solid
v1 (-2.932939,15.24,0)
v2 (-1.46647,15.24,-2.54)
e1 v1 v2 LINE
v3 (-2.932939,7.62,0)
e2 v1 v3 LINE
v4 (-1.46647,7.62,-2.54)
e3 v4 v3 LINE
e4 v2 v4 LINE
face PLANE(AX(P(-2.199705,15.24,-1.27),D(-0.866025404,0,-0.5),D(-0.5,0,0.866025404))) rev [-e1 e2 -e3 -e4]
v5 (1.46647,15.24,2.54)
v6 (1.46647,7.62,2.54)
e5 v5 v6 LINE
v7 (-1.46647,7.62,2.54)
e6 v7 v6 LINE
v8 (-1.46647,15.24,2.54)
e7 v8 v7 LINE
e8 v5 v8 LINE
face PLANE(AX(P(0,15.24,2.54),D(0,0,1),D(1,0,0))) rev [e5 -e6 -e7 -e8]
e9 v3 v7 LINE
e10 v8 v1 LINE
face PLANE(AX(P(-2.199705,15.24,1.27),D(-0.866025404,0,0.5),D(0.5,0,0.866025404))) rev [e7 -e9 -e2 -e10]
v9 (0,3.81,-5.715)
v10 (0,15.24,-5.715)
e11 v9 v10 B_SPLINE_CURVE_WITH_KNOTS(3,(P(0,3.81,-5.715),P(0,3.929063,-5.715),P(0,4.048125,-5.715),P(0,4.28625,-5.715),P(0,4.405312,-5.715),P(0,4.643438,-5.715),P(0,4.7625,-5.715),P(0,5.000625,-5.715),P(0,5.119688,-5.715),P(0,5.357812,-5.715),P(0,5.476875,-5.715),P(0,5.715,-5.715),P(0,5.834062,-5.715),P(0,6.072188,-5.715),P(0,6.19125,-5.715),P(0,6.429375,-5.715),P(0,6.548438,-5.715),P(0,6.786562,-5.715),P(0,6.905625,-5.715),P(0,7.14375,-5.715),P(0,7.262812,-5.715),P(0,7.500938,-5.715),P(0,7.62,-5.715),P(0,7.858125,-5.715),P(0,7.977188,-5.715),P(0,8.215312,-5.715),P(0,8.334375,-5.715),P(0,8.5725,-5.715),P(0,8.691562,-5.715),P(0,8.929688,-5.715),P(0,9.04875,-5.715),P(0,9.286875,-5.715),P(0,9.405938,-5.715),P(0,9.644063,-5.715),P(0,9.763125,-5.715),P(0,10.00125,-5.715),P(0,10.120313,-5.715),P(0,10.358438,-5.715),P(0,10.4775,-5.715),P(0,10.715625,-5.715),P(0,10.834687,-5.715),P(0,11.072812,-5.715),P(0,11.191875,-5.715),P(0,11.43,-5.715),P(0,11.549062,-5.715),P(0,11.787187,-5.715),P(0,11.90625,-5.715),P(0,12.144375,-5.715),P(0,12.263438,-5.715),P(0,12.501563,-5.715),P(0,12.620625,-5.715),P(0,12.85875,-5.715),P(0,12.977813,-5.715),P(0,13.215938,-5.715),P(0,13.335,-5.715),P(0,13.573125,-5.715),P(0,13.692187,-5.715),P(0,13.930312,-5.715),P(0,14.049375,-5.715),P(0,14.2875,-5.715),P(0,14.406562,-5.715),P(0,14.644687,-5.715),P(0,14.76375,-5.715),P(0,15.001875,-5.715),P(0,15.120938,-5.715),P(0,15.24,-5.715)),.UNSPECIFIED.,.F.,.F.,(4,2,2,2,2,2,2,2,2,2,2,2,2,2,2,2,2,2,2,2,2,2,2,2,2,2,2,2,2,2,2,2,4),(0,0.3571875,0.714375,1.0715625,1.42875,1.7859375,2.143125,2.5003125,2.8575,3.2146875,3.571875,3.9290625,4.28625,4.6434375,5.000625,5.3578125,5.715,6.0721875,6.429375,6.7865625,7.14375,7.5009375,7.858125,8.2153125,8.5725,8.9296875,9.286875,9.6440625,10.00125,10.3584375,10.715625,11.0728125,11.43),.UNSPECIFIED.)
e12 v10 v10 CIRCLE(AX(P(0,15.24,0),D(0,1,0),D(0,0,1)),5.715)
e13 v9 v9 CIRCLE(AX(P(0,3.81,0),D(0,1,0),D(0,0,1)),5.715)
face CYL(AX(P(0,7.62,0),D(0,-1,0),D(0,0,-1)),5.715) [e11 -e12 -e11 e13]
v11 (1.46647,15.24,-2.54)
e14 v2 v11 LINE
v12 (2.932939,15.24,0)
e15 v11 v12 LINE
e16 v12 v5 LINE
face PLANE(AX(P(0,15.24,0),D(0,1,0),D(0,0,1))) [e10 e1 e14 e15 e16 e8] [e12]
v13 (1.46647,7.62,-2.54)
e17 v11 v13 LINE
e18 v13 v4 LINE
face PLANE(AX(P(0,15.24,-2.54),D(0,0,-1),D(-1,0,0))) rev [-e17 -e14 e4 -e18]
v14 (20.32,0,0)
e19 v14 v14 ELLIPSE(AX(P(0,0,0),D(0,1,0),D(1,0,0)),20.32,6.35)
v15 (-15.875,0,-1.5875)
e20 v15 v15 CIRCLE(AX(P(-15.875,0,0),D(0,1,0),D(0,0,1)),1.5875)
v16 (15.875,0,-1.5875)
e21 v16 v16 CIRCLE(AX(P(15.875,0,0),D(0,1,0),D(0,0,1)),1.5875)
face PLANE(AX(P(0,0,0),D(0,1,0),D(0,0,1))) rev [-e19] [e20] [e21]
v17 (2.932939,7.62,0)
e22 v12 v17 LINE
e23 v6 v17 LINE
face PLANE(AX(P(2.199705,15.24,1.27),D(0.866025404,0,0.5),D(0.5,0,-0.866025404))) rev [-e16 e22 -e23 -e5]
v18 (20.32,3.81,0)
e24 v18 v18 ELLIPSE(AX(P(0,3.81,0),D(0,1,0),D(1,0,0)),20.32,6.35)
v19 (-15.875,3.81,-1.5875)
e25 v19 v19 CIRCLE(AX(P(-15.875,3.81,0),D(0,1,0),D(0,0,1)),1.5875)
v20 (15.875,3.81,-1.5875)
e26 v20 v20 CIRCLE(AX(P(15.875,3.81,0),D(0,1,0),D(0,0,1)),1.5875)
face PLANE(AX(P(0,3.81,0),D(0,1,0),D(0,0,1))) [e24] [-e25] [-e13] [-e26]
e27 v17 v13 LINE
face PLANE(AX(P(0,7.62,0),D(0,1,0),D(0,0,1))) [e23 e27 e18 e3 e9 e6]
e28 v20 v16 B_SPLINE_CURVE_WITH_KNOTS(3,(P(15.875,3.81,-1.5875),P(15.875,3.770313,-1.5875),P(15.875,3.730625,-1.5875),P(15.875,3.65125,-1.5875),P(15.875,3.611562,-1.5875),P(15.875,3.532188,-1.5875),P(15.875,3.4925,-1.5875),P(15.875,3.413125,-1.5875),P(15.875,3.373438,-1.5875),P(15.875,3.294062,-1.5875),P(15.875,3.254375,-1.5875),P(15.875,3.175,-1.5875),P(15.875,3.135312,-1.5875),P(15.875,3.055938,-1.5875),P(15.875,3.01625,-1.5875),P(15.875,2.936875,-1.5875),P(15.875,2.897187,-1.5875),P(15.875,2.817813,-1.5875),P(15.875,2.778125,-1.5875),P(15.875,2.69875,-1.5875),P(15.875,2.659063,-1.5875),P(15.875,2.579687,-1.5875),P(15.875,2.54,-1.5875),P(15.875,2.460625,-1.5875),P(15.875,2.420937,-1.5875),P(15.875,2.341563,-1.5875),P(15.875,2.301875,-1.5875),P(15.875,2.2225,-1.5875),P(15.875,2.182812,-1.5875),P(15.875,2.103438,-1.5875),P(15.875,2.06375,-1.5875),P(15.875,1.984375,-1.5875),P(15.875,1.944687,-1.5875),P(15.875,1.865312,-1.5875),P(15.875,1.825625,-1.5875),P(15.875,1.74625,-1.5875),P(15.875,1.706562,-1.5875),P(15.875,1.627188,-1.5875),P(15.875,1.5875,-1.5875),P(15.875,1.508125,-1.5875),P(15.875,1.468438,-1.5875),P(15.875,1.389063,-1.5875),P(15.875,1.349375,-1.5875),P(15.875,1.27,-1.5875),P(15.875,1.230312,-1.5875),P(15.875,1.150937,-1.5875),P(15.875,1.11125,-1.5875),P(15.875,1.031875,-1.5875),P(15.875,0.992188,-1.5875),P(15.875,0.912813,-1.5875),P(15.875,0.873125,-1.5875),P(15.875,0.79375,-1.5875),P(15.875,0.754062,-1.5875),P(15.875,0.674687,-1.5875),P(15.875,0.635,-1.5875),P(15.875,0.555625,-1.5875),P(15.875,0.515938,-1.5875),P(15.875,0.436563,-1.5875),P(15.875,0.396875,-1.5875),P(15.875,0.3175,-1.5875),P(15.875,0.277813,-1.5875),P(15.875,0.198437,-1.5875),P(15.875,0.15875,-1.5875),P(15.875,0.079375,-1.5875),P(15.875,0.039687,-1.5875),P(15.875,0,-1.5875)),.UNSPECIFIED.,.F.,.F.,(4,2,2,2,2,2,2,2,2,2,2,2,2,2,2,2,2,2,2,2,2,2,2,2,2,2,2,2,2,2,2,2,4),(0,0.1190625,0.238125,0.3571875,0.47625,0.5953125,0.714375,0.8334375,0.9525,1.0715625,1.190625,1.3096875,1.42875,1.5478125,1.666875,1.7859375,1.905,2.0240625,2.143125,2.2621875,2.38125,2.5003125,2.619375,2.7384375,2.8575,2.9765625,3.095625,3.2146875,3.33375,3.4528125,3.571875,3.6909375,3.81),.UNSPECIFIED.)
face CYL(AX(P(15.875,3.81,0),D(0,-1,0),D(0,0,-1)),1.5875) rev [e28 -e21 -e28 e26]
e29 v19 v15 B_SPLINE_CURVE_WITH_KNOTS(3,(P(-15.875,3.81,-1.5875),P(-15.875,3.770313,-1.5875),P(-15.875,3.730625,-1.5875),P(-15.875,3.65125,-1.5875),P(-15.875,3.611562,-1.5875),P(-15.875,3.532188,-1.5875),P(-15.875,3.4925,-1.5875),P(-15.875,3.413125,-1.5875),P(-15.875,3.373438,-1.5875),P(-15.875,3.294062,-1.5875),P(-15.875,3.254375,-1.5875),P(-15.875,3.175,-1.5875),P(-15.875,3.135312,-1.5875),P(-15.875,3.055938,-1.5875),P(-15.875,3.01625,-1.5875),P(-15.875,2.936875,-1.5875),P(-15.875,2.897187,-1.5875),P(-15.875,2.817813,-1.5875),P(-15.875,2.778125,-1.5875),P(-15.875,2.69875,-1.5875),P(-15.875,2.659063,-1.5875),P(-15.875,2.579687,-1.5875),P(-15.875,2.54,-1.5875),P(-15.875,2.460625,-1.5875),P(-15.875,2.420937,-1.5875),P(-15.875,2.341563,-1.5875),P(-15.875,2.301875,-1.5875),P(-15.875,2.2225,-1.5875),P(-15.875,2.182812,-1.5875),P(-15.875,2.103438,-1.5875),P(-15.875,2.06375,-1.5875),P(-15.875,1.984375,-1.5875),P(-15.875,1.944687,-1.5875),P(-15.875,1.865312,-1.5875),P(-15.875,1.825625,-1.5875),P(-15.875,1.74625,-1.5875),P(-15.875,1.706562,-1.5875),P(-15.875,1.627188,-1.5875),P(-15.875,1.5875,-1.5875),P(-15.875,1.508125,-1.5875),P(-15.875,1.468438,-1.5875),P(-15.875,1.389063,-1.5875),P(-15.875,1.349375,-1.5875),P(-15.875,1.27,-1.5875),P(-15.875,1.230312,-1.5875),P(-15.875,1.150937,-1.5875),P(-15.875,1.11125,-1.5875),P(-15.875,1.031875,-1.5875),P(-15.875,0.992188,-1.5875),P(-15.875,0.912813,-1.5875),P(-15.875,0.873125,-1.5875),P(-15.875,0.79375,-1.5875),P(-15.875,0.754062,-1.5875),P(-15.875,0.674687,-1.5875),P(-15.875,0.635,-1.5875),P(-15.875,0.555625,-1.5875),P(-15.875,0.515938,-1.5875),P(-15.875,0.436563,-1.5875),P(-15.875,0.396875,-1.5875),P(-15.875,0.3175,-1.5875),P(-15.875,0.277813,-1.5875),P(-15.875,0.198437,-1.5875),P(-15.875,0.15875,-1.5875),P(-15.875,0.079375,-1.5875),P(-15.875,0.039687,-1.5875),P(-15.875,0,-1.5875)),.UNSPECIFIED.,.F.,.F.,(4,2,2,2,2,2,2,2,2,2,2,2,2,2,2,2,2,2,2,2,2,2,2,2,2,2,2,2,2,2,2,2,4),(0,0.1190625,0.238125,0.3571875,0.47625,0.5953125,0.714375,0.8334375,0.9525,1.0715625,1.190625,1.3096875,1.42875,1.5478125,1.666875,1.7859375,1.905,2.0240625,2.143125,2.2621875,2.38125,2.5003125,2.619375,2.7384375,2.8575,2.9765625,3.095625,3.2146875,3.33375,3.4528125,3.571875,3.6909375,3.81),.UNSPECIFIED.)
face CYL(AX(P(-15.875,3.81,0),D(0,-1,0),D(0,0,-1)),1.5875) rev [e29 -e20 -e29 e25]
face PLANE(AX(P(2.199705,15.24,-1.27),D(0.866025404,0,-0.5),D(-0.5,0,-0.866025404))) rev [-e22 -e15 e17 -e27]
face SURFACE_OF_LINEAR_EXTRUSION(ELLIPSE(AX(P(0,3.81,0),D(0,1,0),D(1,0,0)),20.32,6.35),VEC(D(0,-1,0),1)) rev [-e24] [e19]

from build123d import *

# Parameters (mm, degrees)
SKETCH1_RX          = 20.32
SKETCH1_RY          = 6.35
SKETCH1_R           = 1.5875
SKETCH1_R_2         = 5.715
BOSS_EXTRUDE1_DEPTH = 3.81
BOSS_EXTRUDE2_START = 3.81
SKETCH1_3_R         = 5.715
BOSS_EXTRUDE2_DEPTH = 3.81
BOSS_EXTRUDE3_START = 3.81
SKETCH1_4_R         = 5.715
BOSS_EXTRUDE3_DEPTH = 11.43


with BuildPart() as part:
    # Sketch1 → Boss-Extrude1 (new body)
    # profile 1 of 3: a face of its own
    with BuildSketch(Plane(origin=(0, 0, 0), x_dir=(1, 0, 0), z_dir=(0, 1, 0))):
        with Locations((0, 0)):
            Ellipse(SKETCH1_RX, SKETCH1_RY)
        with Locations(Location((-15.875, 0, 0), (0, 0, 90))):
            Circle(SKETCH1_R, mode=Mode.SUBTRACT)
        with Locations(Location((15.875, 0, 0), (0, 0, 90))):
            Circle(SKETCH1_R, mode=Mode.SUBTRACT)
        Circle(SKETCH1_R_2, mode=Mode.SUBTRACT)
    # profile 2 of 3: a face of its own
    with BuildSketch(Plane(origin=(0, 0, 0), x_dir=(1, 0, 0), z_dir=(0, 1, 0))):
        Circle(SKETCH1_R_2)
        Polygon((1.466469684, -2.54), (2.932939367, 0), (1.466469684, 2.54), (-1.466469684, 2.54), (-2.932939367, 0), (-1.466469684, -2.54), align=None, mode=Mode.SUBTRACT)
    # profile 3 of 3: a face of its own
    with BuildSketch(Plane(origin=(0, 0, 0), x_dir=(1, 0, 0), z_dir=(0, 1, 0))):
        Polygon((-1.466469684, -2.54), (1.466469684, -2.54), (2.932939367, 0), (1.466469684, 2.54), (-1.466469684, 2.54), (-2.932939367, 0), align=None)
    extrude(amount=BOSS_EXTRUDE1_DEPTH)

    # Sketch1<3> → Boss-Extrude2 (add)
    # profile 1 of 2: a face of its own
    with BuildSketch(Plane(origin=(0, 0, 0), x_dir=(1, 0, 0), z_dir=(0, 1, 0)).offset(BOSS_EXTRUDE2_START)):
        with Locations(Location((0, 0, 0), (0, 0, 90))):
            Circle(SKETCH1_3_R)
        Polygon((1.466469684, -2.54), (2.932939367, 0), (1.466469684, 2.54), (-1.466469684, 2.54), (-2.932939367, 0), (-1.466469684, -2.54), align=None, mode=Mode.SUBTRACT)
    # profile 2 of 2: a face of its own
    with BuildSketch(Plane(origin=(0, 0, 0), x_dir=(1, 0, 0), z_dir=(0, 1, 0)).offset(BOSS_EXTRUDE2_START)):
        Polygon((-1.466469684, -2.54), (1.466469684, -2.54), (2.932939367, 0), (1.466469684, 2.54), (-1.466469684, 2.54), (-2.932939367, 0), align=None)
    extrude(amount=BOSS_EXTRUDE2_DEPTH)

    # Sketch1<4> → Boss-Extrude3 (add)
    with BuildSketch(Plane(origin=(0, 0, 0), x_dir=(1, 0, 0), z_dir=(0, 1, 0)).offset(BOSS_EXTRUDE3_START)):
        with Locations(Location((0, 0, 0), (0, 0, 90))):
            Circle(SKETCH1_4_R)
        Polygon((1.466469684, -2.54), (2.932939367, 0), (1.466469684, 2.54), (-1.466469684, 2.54), (-2.932939367, 0), (-1.466469684, -2.54), align=None, mode=Mode.SUBTRACT)
    extrude(amount=BOSS_EXTRUDE3_DEPTH)


solid = part.part
